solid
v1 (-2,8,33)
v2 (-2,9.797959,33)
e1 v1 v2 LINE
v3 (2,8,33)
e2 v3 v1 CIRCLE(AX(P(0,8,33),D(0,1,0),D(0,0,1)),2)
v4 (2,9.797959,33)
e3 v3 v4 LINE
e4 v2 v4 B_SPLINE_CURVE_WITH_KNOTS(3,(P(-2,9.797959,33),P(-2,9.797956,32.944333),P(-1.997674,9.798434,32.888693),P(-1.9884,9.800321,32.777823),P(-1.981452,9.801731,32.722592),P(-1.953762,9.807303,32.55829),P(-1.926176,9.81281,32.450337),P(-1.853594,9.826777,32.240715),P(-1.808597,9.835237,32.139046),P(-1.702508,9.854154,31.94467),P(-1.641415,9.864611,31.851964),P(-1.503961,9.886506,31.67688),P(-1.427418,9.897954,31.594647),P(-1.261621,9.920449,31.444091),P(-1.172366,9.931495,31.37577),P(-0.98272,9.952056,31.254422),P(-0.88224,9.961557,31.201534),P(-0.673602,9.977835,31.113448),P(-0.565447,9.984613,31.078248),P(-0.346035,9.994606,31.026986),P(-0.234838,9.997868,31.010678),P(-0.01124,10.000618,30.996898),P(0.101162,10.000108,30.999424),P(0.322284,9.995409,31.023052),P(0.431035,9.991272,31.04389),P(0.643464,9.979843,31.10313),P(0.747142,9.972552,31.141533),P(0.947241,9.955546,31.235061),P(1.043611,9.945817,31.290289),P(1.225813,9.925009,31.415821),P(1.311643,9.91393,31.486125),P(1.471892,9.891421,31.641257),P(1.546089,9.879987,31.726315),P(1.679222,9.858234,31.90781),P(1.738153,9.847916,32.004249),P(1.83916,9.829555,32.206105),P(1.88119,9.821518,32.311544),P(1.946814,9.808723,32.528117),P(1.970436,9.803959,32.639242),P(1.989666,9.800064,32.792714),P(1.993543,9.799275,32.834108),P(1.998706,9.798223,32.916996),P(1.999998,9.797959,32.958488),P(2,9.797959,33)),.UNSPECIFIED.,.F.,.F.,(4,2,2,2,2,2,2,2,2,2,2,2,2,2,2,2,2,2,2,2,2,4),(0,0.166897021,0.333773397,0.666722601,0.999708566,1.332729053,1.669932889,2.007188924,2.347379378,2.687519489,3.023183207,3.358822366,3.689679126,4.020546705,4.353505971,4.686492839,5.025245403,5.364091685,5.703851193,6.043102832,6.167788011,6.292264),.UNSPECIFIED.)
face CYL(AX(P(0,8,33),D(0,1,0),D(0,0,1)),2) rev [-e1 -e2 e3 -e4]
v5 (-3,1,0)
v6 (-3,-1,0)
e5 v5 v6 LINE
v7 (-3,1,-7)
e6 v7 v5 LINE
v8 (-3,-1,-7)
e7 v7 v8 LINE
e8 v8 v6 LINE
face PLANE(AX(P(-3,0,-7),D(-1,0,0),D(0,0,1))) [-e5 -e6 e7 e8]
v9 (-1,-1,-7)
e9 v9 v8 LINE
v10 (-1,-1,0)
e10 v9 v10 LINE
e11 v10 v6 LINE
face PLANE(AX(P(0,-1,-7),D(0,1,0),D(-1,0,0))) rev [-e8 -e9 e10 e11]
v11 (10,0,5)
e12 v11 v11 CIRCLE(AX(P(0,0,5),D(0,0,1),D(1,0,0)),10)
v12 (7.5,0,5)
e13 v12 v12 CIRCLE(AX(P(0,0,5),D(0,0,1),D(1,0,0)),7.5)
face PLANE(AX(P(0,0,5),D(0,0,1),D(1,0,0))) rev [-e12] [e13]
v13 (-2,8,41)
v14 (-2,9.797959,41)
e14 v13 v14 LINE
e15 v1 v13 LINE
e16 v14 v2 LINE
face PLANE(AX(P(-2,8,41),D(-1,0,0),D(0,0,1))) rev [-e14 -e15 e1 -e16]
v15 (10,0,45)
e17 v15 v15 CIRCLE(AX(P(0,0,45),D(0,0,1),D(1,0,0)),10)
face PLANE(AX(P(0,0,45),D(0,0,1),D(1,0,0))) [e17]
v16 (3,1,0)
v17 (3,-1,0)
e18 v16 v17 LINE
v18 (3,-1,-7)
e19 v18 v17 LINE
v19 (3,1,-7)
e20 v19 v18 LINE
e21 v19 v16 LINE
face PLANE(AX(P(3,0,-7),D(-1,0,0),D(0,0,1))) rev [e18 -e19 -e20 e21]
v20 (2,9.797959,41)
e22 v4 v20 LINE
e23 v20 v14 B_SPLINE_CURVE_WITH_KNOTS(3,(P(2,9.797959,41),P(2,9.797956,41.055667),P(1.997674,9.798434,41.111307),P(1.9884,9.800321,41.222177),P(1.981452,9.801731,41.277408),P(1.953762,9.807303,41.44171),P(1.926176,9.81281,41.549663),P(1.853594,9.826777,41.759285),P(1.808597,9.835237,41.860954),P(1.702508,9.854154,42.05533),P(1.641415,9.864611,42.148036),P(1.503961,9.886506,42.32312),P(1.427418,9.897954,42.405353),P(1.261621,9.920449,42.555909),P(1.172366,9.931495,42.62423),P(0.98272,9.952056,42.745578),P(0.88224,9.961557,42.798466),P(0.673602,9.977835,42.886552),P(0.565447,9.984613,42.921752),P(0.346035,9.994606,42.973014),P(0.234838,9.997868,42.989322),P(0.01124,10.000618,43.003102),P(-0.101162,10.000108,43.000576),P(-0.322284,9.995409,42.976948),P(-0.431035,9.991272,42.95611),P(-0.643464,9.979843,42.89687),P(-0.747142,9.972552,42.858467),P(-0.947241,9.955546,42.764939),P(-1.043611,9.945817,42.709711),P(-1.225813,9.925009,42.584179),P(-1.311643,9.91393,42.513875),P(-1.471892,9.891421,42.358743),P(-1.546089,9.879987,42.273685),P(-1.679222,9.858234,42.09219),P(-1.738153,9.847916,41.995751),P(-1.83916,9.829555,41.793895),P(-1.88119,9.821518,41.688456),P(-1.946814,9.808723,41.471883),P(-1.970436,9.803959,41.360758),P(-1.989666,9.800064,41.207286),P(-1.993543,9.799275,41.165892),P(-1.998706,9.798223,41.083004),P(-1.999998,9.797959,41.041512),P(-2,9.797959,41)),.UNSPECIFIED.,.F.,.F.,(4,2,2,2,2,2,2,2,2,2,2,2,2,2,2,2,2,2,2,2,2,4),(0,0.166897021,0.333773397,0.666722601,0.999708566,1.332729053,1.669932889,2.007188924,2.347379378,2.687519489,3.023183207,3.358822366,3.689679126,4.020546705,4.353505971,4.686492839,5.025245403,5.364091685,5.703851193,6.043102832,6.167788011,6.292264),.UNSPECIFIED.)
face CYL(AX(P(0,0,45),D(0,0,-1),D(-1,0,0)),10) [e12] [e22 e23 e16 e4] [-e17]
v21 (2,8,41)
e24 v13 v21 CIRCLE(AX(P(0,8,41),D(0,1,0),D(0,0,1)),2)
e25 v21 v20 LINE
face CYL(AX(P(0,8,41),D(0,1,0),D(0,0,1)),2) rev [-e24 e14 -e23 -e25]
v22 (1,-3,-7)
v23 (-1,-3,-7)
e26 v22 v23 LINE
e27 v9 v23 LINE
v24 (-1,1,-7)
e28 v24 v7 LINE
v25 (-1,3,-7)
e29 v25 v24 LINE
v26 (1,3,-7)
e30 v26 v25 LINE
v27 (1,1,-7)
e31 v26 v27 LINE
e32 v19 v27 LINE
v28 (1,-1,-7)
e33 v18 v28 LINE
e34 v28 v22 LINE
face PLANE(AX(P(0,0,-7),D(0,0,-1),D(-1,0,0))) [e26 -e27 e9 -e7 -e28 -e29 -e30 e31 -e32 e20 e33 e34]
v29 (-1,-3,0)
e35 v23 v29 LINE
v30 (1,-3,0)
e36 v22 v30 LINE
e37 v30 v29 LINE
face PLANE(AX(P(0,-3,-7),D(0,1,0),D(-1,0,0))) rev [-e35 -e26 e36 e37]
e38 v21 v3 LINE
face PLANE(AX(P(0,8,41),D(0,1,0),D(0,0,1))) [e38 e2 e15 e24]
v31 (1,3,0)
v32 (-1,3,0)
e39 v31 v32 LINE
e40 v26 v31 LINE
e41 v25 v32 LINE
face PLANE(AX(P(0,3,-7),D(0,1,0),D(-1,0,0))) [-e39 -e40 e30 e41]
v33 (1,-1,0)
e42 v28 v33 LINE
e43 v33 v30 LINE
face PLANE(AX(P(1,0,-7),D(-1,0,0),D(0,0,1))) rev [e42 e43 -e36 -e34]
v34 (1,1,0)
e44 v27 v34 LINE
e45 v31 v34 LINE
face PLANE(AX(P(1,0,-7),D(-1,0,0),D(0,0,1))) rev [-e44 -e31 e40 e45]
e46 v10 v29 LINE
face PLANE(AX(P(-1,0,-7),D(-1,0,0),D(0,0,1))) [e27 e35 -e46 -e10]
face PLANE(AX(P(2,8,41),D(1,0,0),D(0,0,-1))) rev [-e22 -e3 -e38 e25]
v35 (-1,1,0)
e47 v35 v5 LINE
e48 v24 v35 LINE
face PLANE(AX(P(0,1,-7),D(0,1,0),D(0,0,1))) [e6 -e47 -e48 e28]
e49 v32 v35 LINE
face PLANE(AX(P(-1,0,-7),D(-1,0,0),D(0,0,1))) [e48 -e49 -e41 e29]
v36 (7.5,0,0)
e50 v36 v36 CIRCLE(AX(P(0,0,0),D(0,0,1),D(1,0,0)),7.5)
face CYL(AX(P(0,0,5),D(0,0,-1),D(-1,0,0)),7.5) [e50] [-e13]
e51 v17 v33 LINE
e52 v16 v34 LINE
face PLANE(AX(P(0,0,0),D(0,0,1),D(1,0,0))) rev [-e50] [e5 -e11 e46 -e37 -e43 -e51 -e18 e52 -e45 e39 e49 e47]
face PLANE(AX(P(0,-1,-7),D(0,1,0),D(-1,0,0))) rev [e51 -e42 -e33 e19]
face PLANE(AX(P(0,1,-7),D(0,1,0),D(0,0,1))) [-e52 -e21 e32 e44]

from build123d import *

# Parameters (mm, degrees)
SKETCH_1_R          = 7.5
EXTRUDE_1_DEPTH     = 5
SKETCH_2_W          = 2
SKETCH_2_H          = 2
EXTRUDE_2_DEPTH     = 7
SKETCH_3_R          = 10
EXTRUDE_3_DEPTH     = 40
CUT_EXTRUDE_1_DEPTH = 2


with BuildPart() as part:
    # 草图1 → 凸台-拉伸1 (new body)
    with BuildSketch(Plane.XY):
        Circle(SKETCH_1_R)
    extrude(amount=EXTRUDE_1_DEPTH)

    # 草图2 → 凸台-拉伸2 (add)
    with BuildSketch(Plane(origin=(0, 0, 0), x_dir=(-1, 0, 0), z_dir=(0, 0, -1))):
        with Locations((-2, 0)):
            Rectangle(SKETCH_2_W, SKETCH_2_H)
        with Locations((0, 2)):
            Rectangle(SKETCH_2_W, SKETCH_2_H)
        with Locations((2, 0)):
            Rectangle(SKETCH_2_W, SKETCH_2_H)
        Rectangle(SKETCH_2_W, SKETCH_2_H)
        with Locations((0, -2)):
            Rectangle(SKETCH_2_W, SKETCH_2_H)
    extrude(amount=EXTRUDE_2_DEPTH)

    # 草图3 → 凸台-拉伸3 (add)
    with BuildSketch(Plane.XY.offset(5)):
        Circle(SKETCH_3_R)
    extrude(amount=EXTRUDE_3_DEPTH)

    # 草图4 → 切除-拉伸1 (cut)
    with BuildSketch(Plane(origin=(0, 10, 0), x_dir=(1, 0, 0), z_dir=(0, 1, 0))):
        with BuildLine():
            Line((-2, -41), (-2, -33))
            ThreePointArc((-2, -33), (0, -31), (2, -33))
            Line((2, -33), (2, -41))
            ThreePointArc((2, -41), (0, -43), (-2, -41))
        make_face()
    extrude(amount=-CUT_EXTRUDE_1_DEPTH, mode=Mode.SUBTRACT)


solid = part.part
